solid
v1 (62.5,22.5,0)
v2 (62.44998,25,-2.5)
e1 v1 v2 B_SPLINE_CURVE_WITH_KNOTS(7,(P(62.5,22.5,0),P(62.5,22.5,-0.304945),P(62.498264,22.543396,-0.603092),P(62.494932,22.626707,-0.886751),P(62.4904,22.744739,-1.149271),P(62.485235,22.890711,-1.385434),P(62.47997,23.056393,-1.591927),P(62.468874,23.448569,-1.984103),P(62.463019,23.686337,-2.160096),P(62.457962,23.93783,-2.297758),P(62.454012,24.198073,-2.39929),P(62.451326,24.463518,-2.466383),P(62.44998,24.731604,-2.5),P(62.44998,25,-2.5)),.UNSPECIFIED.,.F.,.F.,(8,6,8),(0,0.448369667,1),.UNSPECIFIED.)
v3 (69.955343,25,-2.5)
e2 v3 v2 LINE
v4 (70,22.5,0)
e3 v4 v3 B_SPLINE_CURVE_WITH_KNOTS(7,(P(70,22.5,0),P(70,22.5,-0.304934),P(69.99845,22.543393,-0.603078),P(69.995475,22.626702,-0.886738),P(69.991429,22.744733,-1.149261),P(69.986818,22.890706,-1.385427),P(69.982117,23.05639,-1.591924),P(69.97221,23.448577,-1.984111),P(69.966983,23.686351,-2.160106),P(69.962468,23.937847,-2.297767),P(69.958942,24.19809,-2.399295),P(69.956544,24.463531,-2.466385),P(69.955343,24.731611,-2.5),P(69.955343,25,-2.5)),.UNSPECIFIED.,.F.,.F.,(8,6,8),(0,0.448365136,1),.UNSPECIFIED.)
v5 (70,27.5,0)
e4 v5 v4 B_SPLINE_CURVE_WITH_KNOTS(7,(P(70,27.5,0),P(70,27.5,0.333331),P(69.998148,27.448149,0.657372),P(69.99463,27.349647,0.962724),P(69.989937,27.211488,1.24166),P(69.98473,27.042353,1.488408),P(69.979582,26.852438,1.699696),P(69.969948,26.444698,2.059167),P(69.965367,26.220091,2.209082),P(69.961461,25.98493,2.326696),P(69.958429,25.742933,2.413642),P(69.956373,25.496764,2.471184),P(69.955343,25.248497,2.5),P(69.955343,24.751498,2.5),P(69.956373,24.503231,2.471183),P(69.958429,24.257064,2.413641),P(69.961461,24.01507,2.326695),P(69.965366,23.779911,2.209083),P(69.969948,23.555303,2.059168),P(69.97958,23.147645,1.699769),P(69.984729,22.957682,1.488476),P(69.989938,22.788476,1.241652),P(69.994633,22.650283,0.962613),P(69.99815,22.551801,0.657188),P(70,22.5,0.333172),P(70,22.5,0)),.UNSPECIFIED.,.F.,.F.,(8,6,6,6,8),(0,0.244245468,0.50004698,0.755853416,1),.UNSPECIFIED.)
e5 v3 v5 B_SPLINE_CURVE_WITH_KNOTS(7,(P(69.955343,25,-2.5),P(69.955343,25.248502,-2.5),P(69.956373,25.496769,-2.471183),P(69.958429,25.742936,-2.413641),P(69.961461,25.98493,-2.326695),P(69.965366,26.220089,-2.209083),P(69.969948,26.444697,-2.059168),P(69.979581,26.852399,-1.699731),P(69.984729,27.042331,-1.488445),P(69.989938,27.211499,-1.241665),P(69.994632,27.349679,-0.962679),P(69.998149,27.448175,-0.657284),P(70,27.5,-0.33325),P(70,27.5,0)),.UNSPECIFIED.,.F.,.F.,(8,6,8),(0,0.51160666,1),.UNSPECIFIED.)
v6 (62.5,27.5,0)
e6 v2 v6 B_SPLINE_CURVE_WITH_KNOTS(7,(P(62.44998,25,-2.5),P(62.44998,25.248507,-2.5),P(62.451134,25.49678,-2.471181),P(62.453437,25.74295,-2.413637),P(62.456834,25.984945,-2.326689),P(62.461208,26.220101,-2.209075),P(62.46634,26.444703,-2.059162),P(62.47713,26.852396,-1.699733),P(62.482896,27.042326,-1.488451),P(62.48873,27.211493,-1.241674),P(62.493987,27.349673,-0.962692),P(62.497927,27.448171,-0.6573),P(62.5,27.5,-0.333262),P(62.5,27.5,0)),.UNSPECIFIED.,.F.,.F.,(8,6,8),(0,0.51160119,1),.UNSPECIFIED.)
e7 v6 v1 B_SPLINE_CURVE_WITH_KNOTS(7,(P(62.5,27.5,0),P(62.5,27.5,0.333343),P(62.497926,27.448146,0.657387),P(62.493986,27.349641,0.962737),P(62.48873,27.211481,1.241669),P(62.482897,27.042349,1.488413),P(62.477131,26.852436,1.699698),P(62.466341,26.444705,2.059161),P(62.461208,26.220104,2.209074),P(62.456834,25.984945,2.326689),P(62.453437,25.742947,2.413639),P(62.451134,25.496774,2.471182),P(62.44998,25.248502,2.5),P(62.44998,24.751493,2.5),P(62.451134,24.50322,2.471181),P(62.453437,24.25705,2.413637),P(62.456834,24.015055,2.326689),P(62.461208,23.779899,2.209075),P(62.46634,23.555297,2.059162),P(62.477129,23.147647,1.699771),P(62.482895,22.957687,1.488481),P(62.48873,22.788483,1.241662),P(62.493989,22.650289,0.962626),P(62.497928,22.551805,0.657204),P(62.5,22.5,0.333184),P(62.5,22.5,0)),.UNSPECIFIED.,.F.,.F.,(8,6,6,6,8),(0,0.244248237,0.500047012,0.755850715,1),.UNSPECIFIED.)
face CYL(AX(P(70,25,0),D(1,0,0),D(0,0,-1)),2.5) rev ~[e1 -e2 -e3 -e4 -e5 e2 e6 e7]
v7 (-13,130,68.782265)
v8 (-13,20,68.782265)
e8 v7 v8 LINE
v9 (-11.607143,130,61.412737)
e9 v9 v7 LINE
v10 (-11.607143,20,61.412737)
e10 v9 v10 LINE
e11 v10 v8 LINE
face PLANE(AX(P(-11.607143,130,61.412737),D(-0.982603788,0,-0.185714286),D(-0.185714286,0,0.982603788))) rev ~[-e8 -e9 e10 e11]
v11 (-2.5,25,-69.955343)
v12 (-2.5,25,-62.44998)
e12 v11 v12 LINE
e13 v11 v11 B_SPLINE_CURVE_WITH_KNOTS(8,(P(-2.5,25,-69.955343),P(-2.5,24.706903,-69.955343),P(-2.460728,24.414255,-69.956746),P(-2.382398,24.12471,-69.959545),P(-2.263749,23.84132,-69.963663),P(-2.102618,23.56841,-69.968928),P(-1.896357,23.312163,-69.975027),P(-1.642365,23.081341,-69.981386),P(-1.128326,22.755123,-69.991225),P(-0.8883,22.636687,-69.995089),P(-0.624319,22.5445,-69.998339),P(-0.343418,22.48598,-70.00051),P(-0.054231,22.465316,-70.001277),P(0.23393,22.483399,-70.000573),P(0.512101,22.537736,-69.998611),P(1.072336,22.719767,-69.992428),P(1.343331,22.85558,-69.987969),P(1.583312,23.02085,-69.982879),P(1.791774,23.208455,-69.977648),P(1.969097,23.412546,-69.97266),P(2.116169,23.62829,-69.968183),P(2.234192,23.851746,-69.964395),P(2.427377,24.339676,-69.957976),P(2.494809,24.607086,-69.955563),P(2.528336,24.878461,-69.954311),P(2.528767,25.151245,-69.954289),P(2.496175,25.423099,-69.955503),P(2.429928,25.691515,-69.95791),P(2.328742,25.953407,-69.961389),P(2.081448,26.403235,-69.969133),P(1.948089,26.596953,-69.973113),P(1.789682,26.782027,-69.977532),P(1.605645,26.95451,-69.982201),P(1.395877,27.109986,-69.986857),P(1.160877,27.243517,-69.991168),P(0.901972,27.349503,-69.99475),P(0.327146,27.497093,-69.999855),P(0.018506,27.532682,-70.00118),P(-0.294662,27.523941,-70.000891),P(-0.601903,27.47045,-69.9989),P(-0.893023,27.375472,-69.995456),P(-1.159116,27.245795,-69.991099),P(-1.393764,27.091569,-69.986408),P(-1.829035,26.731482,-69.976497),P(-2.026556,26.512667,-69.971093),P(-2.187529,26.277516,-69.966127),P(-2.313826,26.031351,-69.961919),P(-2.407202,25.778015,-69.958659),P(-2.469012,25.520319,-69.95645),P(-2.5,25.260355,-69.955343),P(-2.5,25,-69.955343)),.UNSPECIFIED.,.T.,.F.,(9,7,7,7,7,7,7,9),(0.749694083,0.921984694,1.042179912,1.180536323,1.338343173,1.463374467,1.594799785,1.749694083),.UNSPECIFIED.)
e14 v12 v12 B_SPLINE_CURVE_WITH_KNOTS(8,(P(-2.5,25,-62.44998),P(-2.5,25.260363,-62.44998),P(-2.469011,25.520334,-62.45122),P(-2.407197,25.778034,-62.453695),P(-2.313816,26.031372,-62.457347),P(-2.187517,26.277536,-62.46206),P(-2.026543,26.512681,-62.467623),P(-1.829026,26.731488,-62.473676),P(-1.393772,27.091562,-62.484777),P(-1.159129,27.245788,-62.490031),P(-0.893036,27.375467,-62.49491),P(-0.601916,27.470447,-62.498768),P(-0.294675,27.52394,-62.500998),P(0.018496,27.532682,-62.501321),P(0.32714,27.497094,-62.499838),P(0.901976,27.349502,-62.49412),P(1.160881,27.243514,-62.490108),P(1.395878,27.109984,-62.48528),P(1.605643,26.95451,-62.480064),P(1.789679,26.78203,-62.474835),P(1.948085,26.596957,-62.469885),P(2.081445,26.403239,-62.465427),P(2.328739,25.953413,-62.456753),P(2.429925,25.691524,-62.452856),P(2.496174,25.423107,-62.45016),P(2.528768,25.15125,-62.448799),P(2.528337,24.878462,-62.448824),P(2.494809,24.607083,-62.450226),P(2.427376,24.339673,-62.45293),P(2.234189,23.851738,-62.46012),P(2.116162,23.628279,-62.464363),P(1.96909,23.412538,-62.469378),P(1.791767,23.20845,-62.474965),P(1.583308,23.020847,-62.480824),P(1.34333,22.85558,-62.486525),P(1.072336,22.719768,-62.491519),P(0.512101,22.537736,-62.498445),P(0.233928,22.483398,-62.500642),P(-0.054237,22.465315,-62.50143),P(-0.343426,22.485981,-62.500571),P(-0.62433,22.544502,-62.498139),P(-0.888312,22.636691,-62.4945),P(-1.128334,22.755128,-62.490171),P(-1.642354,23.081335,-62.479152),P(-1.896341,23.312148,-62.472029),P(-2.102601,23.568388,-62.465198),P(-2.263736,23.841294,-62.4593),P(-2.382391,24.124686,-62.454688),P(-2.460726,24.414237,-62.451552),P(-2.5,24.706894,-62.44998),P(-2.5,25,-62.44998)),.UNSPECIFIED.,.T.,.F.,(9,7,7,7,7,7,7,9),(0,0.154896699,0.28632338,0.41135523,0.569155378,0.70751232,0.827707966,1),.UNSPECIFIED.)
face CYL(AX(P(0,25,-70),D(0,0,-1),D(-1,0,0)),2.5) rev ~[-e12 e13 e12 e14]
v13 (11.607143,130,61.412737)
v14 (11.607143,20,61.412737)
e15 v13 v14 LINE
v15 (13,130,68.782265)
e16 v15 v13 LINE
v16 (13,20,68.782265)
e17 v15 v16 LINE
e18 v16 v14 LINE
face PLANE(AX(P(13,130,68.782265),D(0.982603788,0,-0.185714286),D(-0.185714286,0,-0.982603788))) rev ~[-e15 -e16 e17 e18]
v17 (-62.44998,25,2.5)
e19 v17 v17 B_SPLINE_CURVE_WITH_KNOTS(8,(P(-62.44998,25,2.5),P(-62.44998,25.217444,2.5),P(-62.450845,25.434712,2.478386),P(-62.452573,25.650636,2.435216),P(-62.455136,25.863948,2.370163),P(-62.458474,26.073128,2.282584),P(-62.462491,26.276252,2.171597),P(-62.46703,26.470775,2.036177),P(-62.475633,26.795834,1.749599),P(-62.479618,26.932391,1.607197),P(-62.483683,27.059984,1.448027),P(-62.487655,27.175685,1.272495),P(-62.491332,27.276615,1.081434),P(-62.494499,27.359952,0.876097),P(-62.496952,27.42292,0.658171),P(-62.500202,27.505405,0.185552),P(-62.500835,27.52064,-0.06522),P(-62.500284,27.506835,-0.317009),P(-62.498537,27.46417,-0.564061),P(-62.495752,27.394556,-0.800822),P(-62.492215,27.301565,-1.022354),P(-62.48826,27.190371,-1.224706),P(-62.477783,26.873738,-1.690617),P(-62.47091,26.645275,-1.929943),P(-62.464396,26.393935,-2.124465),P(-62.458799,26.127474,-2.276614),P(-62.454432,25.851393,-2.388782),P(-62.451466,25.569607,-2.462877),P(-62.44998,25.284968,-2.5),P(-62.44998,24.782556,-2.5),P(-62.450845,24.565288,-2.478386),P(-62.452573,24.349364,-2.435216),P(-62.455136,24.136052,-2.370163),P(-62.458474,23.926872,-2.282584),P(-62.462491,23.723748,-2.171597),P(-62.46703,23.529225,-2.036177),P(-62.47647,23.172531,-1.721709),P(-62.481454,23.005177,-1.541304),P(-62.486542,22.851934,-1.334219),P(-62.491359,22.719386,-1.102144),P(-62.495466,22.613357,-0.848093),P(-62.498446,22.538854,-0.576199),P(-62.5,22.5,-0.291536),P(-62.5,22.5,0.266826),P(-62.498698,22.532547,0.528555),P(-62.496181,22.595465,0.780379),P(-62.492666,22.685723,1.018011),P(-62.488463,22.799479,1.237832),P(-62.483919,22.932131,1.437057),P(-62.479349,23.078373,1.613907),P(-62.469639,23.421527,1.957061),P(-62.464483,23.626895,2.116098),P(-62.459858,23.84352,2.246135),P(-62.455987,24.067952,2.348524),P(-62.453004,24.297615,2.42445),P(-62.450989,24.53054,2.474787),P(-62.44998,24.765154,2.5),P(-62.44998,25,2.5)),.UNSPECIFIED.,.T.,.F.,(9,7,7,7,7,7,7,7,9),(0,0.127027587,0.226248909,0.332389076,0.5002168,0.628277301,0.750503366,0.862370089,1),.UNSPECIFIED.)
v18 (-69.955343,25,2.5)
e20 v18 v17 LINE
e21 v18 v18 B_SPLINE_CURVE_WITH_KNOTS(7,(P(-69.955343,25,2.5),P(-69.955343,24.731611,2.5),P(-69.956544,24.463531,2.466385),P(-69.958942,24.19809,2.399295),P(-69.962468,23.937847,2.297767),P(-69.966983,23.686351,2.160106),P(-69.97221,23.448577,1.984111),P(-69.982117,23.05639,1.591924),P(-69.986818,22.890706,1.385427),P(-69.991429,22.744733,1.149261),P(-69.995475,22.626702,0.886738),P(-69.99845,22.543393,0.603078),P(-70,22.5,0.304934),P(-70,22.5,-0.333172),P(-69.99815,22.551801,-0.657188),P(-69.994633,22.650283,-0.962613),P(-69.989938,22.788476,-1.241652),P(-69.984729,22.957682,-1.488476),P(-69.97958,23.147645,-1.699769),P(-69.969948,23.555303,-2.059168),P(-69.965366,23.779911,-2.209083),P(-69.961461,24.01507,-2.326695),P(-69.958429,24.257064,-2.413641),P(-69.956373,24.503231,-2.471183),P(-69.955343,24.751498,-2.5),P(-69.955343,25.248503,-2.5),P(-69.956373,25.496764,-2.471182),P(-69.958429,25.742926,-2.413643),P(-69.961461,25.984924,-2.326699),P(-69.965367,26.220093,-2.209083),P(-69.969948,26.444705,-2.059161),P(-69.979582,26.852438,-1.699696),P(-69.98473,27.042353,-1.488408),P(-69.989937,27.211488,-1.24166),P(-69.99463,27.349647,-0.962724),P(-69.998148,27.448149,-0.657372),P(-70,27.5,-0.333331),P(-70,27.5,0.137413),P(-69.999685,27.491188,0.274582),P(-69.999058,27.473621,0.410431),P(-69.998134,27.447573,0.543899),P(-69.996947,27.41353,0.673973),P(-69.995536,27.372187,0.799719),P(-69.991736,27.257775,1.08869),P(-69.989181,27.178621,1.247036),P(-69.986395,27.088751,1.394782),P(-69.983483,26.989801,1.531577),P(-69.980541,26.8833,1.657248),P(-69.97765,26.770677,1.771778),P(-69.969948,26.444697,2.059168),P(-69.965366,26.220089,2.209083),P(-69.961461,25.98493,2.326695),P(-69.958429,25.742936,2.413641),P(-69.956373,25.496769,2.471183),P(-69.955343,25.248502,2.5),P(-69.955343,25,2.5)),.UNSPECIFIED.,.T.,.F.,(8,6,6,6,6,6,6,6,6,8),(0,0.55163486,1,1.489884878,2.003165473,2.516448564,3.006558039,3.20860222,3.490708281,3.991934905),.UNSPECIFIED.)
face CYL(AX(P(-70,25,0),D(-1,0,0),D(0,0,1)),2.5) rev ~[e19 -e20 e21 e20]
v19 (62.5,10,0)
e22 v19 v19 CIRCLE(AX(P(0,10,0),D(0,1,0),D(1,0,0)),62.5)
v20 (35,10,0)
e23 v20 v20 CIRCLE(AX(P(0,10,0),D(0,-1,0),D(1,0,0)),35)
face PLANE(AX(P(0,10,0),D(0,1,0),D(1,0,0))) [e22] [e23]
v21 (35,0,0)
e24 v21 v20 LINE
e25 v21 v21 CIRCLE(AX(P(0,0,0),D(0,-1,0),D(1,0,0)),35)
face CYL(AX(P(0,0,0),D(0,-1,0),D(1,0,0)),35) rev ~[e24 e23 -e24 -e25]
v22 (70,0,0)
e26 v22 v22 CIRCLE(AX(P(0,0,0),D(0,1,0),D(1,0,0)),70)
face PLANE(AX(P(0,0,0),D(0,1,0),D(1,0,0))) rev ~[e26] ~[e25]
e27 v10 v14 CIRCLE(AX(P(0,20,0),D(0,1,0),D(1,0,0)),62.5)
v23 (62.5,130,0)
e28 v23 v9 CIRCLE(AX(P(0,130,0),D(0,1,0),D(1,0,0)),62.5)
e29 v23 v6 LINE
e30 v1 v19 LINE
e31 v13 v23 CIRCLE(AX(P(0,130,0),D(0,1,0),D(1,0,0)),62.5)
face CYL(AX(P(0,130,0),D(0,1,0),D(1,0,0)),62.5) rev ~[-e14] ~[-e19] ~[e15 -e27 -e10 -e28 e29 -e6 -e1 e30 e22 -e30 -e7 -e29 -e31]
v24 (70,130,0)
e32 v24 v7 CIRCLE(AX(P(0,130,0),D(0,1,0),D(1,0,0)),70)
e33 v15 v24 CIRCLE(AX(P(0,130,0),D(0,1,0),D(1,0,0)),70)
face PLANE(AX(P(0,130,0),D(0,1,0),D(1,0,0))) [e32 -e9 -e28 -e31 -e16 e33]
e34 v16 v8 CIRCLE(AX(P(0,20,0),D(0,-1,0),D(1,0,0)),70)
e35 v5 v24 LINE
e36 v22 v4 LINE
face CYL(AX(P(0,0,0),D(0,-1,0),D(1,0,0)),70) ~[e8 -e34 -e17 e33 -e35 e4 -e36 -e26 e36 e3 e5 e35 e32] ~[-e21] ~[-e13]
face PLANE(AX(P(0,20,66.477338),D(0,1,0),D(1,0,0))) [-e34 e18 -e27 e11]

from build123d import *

# Parameters (mm, degrees)
SKETCH_235_R             = 70
EXTRUDE_1_DEPTH          = 130
SKETCH_315_R             = 62.5
CUT_EXTRUDE_1_DEPTH      = 120
CUT_EXTRUDE_2_DEPTH      = 110
SKETCH_5_R               = 35
CUT_EXTRUDE_3_DEPTH      = 110
SKETCH_9_R               = 2.5
CUT_EXTRUDE_5_DEPTH      = 30
PATTERN_CIRCULAR_2_COUNT = 4


with BuildPart() as part:
    # Sketch 235 → Бобышка-Вытянуть1 (new body)
    with BuildSketch(Plane(origin=(0, 0, 0), x_dir=(1, 0, 0), z_dir=(0, 1, 0))):
        Circle(SKETCH_235_R)
    extrude(amount=EXTRUDE_1_DEPTH)

    # Sketch 315 → Вырез-Вытянуть1 (cut)
    with BuildSketch(Plane(origin=(0, 130, 0), x_dir=(1, 0, 0), z_dir=(0, 1, 0))):
        Circle(SKETCH_315_R)
    extrude(amount=-CUT_EXTRUDE_1_DEPTH, mode=Mode.SUBTRACT)

    # Sketch 408 → Вырез-Вытянуть2 (cut)
    with BuildSketch(Plane(origin=(0, 130, 0), x_dir=(1, 0, 0), z_dir=(0, 1, 0))):
        Polygon((-11.607142857, -61.412736746), (-13, -68.782265156), (0, -74.034115552), (13, -68.782265156), (11.607142857, -61.412736746), align=None)
    extrude(amount=-CUT_EXTRUDE_2_DEPTH, mode=Mode.SUBTRACT)

    # Эскиз5 → Вырез-Вытянуть3 (cut)
    with BuildSketch(Plane.XZ):
        Circle(SKETCH_5_R)
    extrude(amount=-CUT_EXTRUDE_3_DEPTH, mode=Mode.SUBTRACT)

    # Эскиз9 → Вырез-Вытянуть5 (cut)
    with BuildSketch(Plane(origin=(70, 0, 0), x_dir=(0, 0, -1), z_dir=(1, 0, 0))):
        with Locations((0, 25)):
            Circle(SKETCH_9_R)
    cut_extrude_5 = extrude(amount=-CUT_EXTRUDE_5_DEPTH, mode=Mode.SUBTRACT)

    # Круговой массив2: Вырез-Вытянуть5 ×4 about axis
    pattern_circular_2_axis = Axis((0, -1.889670697, 0), (0, 1, 0))
    for i in range(1, PATTERN_CIRCULAR_2_COUNT):
        add(cut_extrude_5.rotate(pattern_circular_2_axis, i * 360 / PATTERN_CIRCULAR_2_COUNT), mode=Mode.SUBTRACT)


solid = part.part
